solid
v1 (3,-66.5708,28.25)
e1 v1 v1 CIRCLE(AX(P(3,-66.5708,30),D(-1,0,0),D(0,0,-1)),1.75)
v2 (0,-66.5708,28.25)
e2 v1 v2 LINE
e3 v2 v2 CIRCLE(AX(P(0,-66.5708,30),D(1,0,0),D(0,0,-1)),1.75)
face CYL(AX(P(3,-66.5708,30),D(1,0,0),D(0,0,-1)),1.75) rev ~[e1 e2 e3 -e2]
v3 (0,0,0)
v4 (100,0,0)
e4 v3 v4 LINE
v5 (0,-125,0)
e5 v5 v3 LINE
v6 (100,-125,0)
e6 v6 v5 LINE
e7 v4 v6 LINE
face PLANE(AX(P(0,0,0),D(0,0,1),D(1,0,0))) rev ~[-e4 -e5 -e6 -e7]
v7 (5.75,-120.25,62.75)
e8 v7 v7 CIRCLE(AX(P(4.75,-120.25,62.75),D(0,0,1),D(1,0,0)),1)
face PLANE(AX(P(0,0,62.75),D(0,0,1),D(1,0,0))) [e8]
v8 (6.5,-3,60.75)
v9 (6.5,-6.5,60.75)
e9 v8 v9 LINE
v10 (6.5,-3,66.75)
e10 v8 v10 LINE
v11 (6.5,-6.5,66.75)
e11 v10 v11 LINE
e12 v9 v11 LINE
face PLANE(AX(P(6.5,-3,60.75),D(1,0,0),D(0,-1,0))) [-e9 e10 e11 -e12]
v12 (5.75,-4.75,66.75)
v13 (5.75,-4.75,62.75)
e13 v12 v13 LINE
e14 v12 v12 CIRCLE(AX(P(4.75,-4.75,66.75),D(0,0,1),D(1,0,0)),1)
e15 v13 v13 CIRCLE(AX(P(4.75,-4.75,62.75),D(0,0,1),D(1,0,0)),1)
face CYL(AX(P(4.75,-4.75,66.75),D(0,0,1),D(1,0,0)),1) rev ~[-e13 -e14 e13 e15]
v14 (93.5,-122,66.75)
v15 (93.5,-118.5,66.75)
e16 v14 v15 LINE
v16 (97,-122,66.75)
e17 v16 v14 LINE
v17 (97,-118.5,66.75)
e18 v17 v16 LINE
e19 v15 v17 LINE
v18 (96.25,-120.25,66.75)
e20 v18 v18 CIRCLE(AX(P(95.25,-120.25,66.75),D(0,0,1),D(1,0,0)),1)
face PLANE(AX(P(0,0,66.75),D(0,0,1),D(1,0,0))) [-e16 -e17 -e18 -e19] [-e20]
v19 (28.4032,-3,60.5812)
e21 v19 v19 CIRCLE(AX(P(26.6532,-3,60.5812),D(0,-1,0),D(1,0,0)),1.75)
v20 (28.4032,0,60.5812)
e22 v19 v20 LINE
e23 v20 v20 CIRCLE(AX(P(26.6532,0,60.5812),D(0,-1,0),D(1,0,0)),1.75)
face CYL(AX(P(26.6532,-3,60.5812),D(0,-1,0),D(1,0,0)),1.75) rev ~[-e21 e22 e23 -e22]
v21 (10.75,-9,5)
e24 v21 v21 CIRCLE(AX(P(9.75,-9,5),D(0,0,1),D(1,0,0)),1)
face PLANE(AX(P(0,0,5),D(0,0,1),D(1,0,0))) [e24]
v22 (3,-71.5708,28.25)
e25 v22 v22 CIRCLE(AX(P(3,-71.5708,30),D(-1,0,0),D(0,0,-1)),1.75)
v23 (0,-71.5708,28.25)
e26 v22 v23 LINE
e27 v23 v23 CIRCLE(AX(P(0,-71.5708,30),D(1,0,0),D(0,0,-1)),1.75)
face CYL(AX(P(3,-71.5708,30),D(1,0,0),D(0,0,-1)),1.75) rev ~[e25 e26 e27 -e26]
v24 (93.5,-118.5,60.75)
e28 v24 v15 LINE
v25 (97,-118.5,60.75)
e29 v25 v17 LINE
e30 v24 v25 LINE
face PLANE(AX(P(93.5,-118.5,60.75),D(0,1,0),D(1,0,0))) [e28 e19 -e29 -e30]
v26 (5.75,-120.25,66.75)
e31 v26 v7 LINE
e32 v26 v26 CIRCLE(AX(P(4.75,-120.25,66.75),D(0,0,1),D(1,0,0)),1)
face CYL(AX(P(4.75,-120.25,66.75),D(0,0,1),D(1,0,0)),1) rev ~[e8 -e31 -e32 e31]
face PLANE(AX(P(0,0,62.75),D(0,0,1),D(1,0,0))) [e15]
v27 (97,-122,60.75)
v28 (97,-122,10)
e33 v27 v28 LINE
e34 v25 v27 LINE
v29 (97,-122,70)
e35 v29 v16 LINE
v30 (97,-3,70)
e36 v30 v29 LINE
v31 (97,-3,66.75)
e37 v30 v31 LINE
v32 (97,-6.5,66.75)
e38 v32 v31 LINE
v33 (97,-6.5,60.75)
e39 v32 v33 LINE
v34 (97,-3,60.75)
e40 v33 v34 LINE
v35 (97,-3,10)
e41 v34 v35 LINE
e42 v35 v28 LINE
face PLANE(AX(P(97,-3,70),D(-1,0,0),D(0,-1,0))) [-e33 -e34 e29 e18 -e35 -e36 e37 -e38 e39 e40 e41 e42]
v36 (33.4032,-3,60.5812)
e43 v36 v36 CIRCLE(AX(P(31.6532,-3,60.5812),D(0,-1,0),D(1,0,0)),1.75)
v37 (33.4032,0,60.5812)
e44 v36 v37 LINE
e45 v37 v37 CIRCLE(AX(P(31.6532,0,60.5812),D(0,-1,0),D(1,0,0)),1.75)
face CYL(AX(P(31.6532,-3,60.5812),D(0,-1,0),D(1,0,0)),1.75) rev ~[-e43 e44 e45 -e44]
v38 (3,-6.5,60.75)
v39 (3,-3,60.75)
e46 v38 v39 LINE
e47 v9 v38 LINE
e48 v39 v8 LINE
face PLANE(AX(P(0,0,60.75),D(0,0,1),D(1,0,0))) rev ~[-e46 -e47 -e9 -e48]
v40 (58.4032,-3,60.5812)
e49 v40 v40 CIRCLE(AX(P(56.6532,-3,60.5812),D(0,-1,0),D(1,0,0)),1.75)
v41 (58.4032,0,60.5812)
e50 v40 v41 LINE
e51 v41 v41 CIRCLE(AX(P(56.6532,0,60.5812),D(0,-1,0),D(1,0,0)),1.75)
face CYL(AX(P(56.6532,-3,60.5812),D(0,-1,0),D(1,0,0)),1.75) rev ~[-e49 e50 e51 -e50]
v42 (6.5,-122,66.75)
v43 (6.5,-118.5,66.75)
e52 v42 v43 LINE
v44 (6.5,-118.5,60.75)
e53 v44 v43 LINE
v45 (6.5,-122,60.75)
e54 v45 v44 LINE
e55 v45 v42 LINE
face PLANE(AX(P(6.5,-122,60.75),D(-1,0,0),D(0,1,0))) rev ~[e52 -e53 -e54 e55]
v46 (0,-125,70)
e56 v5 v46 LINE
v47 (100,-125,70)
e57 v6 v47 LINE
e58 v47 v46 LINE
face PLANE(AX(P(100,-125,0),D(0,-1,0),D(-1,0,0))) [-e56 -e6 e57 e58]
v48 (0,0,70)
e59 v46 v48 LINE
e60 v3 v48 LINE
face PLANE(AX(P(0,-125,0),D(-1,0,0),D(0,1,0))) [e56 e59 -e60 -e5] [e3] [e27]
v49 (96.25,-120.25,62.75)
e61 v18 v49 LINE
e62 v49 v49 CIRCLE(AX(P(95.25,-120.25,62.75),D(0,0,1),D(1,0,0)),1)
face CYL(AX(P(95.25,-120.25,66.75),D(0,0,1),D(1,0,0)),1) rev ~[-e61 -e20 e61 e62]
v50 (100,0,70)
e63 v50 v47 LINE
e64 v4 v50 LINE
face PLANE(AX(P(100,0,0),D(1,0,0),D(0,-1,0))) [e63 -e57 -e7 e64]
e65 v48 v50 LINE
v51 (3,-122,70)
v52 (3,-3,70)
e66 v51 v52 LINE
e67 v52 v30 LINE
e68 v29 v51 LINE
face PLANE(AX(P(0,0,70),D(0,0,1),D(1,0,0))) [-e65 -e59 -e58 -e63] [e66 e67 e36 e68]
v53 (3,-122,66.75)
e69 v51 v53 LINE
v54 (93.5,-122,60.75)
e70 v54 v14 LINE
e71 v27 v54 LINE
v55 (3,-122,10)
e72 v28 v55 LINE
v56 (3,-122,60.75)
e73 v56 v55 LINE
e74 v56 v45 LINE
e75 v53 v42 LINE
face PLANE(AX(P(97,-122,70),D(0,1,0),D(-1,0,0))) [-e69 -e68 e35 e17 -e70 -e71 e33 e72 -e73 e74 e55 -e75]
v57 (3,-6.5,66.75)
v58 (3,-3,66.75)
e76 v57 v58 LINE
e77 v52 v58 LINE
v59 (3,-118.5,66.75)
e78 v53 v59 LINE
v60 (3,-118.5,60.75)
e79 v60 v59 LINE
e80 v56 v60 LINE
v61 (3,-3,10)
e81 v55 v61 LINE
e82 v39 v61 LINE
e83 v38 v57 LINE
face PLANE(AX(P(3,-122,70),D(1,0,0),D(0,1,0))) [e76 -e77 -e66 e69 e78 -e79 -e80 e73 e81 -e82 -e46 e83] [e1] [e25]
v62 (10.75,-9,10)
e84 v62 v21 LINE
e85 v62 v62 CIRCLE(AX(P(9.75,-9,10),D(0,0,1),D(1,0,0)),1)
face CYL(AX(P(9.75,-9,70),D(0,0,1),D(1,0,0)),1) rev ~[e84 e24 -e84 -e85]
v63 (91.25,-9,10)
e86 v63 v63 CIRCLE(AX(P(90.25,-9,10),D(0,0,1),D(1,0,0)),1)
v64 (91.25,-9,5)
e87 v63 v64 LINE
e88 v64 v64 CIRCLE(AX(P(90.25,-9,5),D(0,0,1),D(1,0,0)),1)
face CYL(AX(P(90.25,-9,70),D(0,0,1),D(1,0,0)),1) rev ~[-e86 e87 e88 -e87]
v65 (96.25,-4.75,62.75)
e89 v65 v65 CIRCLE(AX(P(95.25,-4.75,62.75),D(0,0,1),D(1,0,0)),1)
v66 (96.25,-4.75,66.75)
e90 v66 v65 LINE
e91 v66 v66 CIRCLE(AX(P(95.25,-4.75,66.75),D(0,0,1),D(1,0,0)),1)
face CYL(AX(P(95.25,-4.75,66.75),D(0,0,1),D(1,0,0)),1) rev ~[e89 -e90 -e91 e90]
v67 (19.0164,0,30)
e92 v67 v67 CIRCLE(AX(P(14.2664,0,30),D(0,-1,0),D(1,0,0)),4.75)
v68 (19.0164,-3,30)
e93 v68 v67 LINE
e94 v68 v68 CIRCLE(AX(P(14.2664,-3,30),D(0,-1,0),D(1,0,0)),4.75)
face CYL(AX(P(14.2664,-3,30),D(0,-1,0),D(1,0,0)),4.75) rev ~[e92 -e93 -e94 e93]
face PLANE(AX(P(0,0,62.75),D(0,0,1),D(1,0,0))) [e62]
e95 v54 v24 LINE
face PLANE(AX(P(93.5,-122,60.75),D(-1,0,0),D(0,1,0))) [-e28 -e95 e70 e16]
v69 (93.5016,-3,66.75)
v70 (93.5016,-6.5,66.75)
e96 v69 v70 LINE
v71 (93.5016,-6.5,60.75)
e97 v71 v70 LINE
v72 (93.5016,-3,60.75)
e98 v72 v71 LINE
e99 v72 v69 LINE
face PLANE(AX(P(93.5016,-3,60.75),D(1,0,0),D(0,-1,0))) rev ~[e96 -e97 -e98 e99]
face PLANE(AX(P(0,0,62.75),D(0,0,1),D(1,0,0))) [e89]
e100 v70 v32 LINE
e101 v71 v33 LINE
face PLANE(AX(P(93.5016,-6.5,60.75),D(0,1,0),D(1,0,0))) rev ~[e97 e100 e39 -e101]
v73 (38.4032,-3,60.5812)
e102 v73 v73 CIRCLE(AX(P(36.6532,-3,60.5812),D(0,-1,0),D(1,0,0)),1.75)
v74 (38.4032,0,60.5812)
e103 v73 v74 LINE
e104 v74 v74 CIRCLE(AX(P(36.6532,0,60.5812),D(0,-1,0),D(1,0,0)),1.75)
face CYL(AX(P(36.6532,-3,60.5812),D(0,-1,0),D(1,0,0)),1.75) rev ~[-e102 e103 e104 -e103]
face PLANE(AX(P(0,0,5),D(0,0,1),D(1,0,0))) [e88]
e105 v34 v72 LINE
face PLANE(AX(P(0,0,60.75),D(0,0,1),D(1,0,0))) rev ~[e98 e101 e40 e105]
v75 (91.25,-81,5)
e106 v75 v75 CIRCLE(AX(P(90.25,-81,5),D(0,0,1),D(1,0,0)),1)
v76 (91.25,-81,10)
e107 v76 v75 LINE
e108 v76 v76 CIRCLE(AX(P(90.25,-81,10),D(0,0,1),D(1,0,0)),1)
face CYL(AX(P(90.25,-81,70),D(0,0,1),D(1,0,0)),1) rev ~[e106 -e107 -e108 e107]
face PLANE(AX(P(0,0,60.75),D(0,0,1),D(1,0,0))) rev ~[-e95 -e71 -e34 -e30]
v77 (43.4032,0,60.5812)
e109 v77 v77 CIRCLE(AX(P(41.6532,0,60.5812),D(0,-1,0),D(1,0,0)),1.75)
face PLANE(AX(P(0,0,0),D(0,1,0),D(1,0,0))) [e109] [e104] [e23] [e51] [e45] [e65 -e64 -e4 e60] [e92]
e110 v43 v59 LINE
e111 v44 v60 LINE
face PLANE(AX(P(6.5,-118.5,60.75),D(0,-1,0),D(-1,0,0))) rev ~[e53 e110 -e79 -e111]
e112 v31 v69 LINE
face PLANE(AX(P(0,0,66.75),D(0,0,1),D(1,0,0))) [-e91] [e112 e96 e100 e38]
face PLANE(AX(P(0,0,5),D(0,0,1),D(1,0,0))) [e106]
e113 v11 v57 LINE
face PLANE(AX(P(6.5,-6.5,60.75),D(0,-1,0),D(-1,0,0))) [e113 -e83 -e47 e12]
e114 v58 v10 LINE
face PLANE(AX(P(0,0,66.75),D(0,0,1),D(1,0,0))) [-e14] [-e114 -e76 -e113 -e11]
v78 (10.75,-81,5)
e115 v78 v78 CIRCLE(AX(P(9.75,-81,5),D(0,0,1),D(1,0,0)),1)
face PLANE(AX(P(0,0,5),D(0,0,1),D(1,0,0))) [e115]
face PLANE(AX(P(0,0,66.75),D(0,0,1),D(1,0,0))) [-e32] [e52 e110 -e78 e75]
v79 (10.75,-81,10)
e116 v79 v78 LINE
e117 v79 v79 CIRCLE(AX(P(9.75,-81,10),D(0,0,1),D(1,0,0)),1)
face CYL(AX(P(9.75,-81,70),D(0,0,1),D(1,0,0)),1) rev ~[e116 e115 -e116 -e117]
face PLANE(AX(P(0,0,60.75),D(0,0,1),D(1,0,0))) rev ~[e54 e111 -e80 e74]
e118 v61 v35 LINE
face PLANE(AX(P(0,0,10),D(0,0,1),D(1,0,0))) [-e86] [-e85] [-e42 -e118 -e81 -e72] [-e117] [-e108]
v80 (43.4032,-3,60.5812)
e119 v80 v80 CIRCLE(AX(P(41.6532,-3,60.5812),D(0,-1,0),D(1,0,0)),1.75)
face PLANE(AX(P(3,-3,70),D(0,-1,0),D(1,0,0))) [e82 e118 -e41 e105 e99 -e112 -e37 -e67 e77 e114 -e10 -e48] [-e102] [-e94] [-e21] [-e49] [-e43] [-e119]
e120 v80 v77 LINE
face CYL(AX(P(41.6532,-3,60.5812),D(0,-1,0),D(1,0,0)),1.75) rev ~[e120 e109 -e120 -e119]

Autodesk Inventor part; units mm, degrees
ref_plane "YZ Plane" through (0, 0, 0) normal (1, 0, 0) x (0, 1, 0)
ref_plane "XZ Plane" through (0, 0, 0) normal (0, 1, 0) x (-1, 0, 0)
sketch "Boceto3" plane through (0, 0, 0) normal (0, 0, 1) x (1, 0, 0)
  line L0 (0, 0) -> (100, 0)
  line L1 (100, 0) -> (100, -125)
  line L2 (100, -125) -> (0, -125)
  line L3 (0, -125) -> (0, 0)
  dimension "d8" = 100
  dimension "d9" = 125
extrude "Extrusión2" add sketch "Boceto3" along normal blind 70
sketch "Boceto4" plane through (0, 0, 70) normal (0, 0, 1) x (1, 0, 0)
  line L0 (0, 0) -> (50, 0)
  line L1 (100, 0) -> (0, 0) projected
  line L2 (0, 0) -> (0, -125) projected
  line L3 (0, 0) -> (0, -45)
  line L4 (6.25, -5.5) -> (93.75, -5.5)
  line L5 (93.75, -5.5) -> (93.75, -84.5)
  line L6 (93.75, -84.5) -> (6.25, -84.5)
  line L7 (6.25, -84.5) -> (6.25, -5.5)
  line L8 (6.25, -5.5) -> (93.75, -84.5) construction
  line L9 (93.75, -5.5) -> (6.25, -84.5) construction
  line L10 (6.25, -5.5) -> (9.75, -5.5)
  line L11 (6.25, -5.5) -> (6.25, -9)
  circle A0 centre (9.75, -9) radius 1
  line L12 (93.75, -5.5) -> (90.25, -5.5)
  line L13 (93.75, -5.5) -> (93.75, -9)
  circle A1 centre (90.25, -9) radius 1
  line L14 (93.75, -84.5) -> (90.25, -84.5)
  line L15 (93.75, -84.5) -> (93.75, -81)
  circle A2 centre (90.25, -81) radius 1
  line L16 (6.25, -84.5) -> (9.75, -84.5)
  line L17 (6.25, -84.5) -> (6.25, -81)
  circle A3 centre (9.75, -81) radius 1
  point P0 (50, -45)
  dimension "d12" = 45
  dimension "d13" = 87.5
  dimension "d14" = 79
  dimension "d22" = 3.5
  dimension "d23" = 3.5
  dimension "d24" = 2
  dimension "d25" = 3.5
  dimension "d26" = 3.5
  dimension "d27" = 2
  dimension "d28" = 3.5
  dimension "d29" = 3.5
  dimension "d30" = 2
  dimension "d31" = 3.5
  dimension "d32" = 3.5
  dimension "d33" = 2
sketch "Boceto5" plane through (0, 0, 70) normal (0, 0, 1) x (1, 0, 0)
  line L0 (100, 0) -> (0, 0) projected
  line L1 (0, 0) -> (0, -62.5)
  line L2 (0, 0) -> (0, -125) projected
  line L3 (0, 0) -> (3, 0)
  line L4 (0, 0) -> (0, -3)
  line L5 (100, -125) -> (100, 0) projected
  line L6 (100, -125) -> (100, -122)
  line L7 (0, -125) -> (100, -125) projected
  line L8 (100, -125) -> (97, -125)
  line L9 (97, -122) -> (3, -122)
  line L10 (3, -122) -> (3, -3)
  line L11 (3, -3) -> (97, -3)
  line L12 (97, -3) -> (97, -122)
  dimension "d15" = 62.5
  dimension "d16" = 3
  dimension "d17" = 3
  dimension "d18" = 3
  dimension "d19" = 3
extrude "Extrusión3" cut sketch "Boceto5" against normal blind 60 contours L9 L10 L11 L12
extrude "Extrusión4" cut sketch "Boceto4" against normal blind 65 contours A0 | A1 | A2 | A3
sketch "Boceto7" plane through (0, 0, 70) normal (0, 0, 1) x (1, 0, 0)
  point P0 (0, 0)
sketch "Boceto8" plane through (0, 0, 70) normal (0, 0, 1) x (1, 0, 0)
  point P0 (0, 0)
ref_plane "Plano de trabajo1" through (0, 0, 60.75) normal (0, 0, 1) x (1, 0, 0)
sketch "Boceto9" plane through (0, 0, 60.75) normal (0, 0, 1) x (1, 0, 0)
  line L0 (3, -3) -> (6.5, -3)
  line L1 (6.5, -3) -> (6.5, -6.5)
  line L2 (6.5, -6.5) -> (3, -6.5)
  line L3 (3, -6.5) -> (3, -3)
  line L4 (97.0016, -3) -> (93.5016, -3)
  line L5 (93.5016, -3) -> (93.5016, -6.5)
  line L6 (93.5016, -6.5) -> (97.0016, -6.5)
  line L7 (97.0016, -6.5) -> (97.0016, -3)
  line L8 (3, -122) -> (3, -3) projected
  line L9 (3, -122) -> (6.5, -122)
  line L10 (6.5, -122) -> (6.5, -118.5)
  line L11 (6.5, -118.5) -> (3, -118.5)
  line L12 (3, -118.5) -> (3, -122)
  line L13 (97, -3) -> (97, -122) projected
  line L14 (97, -122) -> (93.5, -122)
  line L15 (93.5, -122) -> (93.5, -118.5)
  line L16 (93.5, -118.5) -> (97, -118.5)
  line L17 (97, -118.5) -> (97, -122)
  point P0 (0, 0)
  point P1 (97, -6.5)
  dimension "d61" = 3.5
  dimension "d62" = 3.5
  dimension "d63" = 3.5
  dimension "d64" = 3.5
  dimension "d65" = 3.5
  dimension "d66" = 3.5
  dimension "d70" = 3.5
  dimension "d71" = 3.5
ref_plane "Plano de trabajo2" through (0, 0, 60.25) normal (0, 0, 1) x (1, 0, 0)
sketch "Boceto10" plane through (3, -122, 70) normal (0, 1, 0) x (1, 0, 0)
  point P0 (-3, 70)
sketch "Boceto11" plane through (0, 0, 10) normal (0, 0, 1) x (1, 0, 0)
  line L0 (-58.2651, -184.2292) -> (-60.7624, -188.5609)
  point P0 (0, 0)
  dimension "d68" = 5
sketch "Boceto12" plane through (0, 0, 60.75) normal (0, 0, 1) x (1, 0, 0)
  point P0 (0, 0)
extrude "Extrusión6" add sketch "Boceto9" along normal blind 6
sketch "Boceto13" plane through (0, 0, 66.75) normal (0, 0, 1) x (1, 0, 0)
  point P0 (0, 0)
sketch "Boceto14" plane through (0, 0, 66.75) normal (0, 0, 1) x (1, 0, 0)
  line L0 (6.5, -122) -> (6.5, -118.5) projected
  line L1 (6.5, -118.5) -> (4.75, -118.5)
  line L2 (6.5, -118.5) -> (3, -118.5) projected
  line L3 (6.5, -118.5) -> (6.5, -120.25)
  circle A0 centre (4.75, -120.25) radius 1
  line L4 (93.5, -118.5) -> (93.5, -122) projected
  line L5 (93.5, -118.5) -> (95.25, -118.5)
  line L6 (97, -118.5) -> (93.5, -118.5) projected
  line L7 (93.5, -118.5) -> (93.5, -120.25)
  circle A1 centre (95.25, -120.25) radius 1
  line L8 (3, -3) -> (97, -3) projected
  line L9 (97, -3) -> (95.25, -3)
  line L10 (97, -3) -> (97, -4.75)
  line L11 (97, -3) -> (97, -122) projected
  circle A2 centre (95.25, -4.75) radius 1
  line L12 (3, -122) -> (3, -3) projected
  line L13 (3, -3) -> (4.75, -3)
  line L14 (3, -3) -> (3, -4.75)
  circle A3 centre (4.75, -4.75) radius 1
  point P0 (0, 0)
  dimension "d74" = 1.75
  dimension "d75" = 1.75
  dimension "d76" = 2
  dimension "d77" = 1.75
  dimension "d78" = 1.75
  dimension "d79" = 2
  dimension "d80" = 1.75
  dimension "d81" = 1.75
  dimension "d82" = 2
  dimension "d83" = 1.75
  dimension "d84" = 1.75
  dimension "d85" = 2
extrude "Extrusión7" cut sketch "Boceto14" against normal blind 4
sketch "Boceto15" plane through (0, 0, 66.75) normal (0, 0, 1) x (1, 0, 0)
  point P0 (0, 0)
sketch "Boceto16" plane through (3, -122, 70) normal (1, 0, 0) x (0, 0, -1)
  line L0 (60, 0) -> (60, 119) projected
  line L1 (60, 50.4292) -> (40, 50.4292)
  line L2 (60, 50.4292) -> (80, 50.4292) construction
  circle A0 centre (40, 50.4292) radius 1.75
  line L3 (40, 50.4292) -> (40, 55.4292)
  circle A1 centre (40, 55.4292) radius 1.75
  point P0 (70, 122)
  dimension "d88" = 20
  dimension "d89" = 180
  dimension "d90" = 3.5
  dimension "d91" = 5
  dimension "d92" = 3.5
extrude "Extrusión8" cut sketch "Boceto16" against normal blind 10
sketch "Boceto17" plane through (3, -3, 70) normal (0, -1, 0) x (1, 0, 0)
  line L0 (0, -60) -> (94, -60) projected
  line L1 (23.6532, -59.4188) -> (73.6532, -59.4188) construction
  circle A0 centre (23.6532, -9.4188) radius 1.75
  circle A1 centre (28.6532, -9.4188) radius 1.75
  circle A2 centre (33.6532, -9.4188) radius 1.75
  circle A3 centre (38.6532, -9.4188) radius 1.75
  circle A4 centre (53.6532, -9.4188) radius 1.75
  point P0 (-3, -70)
  dimension "d97" = 3.5
  dimension "d99" = 3.5
  dimension "d101" = 3.5
  dimension "d103" = 3.5
  dimension "d109" = 3.5
extrude "Extrusión9" cut sketch "Boceto17" against normal blind 10
sketch "Boceto18" plane through (3, -3, 70) normal (0, -1, 0) x (1, 0, 0)
  line L0 (0, -60) -> (94, -60) projected
  line L1 (11.2664, -60) -> (31.2664, -60) construction
  circle A0 centre (11.2664, -40) radius 4.75
  point P0 (-3, -70)
  dimension "d114" = 9.5
extrude "Extrusión10" cut sketch "Boceto18" against normal blind 10
properties part number "base"
